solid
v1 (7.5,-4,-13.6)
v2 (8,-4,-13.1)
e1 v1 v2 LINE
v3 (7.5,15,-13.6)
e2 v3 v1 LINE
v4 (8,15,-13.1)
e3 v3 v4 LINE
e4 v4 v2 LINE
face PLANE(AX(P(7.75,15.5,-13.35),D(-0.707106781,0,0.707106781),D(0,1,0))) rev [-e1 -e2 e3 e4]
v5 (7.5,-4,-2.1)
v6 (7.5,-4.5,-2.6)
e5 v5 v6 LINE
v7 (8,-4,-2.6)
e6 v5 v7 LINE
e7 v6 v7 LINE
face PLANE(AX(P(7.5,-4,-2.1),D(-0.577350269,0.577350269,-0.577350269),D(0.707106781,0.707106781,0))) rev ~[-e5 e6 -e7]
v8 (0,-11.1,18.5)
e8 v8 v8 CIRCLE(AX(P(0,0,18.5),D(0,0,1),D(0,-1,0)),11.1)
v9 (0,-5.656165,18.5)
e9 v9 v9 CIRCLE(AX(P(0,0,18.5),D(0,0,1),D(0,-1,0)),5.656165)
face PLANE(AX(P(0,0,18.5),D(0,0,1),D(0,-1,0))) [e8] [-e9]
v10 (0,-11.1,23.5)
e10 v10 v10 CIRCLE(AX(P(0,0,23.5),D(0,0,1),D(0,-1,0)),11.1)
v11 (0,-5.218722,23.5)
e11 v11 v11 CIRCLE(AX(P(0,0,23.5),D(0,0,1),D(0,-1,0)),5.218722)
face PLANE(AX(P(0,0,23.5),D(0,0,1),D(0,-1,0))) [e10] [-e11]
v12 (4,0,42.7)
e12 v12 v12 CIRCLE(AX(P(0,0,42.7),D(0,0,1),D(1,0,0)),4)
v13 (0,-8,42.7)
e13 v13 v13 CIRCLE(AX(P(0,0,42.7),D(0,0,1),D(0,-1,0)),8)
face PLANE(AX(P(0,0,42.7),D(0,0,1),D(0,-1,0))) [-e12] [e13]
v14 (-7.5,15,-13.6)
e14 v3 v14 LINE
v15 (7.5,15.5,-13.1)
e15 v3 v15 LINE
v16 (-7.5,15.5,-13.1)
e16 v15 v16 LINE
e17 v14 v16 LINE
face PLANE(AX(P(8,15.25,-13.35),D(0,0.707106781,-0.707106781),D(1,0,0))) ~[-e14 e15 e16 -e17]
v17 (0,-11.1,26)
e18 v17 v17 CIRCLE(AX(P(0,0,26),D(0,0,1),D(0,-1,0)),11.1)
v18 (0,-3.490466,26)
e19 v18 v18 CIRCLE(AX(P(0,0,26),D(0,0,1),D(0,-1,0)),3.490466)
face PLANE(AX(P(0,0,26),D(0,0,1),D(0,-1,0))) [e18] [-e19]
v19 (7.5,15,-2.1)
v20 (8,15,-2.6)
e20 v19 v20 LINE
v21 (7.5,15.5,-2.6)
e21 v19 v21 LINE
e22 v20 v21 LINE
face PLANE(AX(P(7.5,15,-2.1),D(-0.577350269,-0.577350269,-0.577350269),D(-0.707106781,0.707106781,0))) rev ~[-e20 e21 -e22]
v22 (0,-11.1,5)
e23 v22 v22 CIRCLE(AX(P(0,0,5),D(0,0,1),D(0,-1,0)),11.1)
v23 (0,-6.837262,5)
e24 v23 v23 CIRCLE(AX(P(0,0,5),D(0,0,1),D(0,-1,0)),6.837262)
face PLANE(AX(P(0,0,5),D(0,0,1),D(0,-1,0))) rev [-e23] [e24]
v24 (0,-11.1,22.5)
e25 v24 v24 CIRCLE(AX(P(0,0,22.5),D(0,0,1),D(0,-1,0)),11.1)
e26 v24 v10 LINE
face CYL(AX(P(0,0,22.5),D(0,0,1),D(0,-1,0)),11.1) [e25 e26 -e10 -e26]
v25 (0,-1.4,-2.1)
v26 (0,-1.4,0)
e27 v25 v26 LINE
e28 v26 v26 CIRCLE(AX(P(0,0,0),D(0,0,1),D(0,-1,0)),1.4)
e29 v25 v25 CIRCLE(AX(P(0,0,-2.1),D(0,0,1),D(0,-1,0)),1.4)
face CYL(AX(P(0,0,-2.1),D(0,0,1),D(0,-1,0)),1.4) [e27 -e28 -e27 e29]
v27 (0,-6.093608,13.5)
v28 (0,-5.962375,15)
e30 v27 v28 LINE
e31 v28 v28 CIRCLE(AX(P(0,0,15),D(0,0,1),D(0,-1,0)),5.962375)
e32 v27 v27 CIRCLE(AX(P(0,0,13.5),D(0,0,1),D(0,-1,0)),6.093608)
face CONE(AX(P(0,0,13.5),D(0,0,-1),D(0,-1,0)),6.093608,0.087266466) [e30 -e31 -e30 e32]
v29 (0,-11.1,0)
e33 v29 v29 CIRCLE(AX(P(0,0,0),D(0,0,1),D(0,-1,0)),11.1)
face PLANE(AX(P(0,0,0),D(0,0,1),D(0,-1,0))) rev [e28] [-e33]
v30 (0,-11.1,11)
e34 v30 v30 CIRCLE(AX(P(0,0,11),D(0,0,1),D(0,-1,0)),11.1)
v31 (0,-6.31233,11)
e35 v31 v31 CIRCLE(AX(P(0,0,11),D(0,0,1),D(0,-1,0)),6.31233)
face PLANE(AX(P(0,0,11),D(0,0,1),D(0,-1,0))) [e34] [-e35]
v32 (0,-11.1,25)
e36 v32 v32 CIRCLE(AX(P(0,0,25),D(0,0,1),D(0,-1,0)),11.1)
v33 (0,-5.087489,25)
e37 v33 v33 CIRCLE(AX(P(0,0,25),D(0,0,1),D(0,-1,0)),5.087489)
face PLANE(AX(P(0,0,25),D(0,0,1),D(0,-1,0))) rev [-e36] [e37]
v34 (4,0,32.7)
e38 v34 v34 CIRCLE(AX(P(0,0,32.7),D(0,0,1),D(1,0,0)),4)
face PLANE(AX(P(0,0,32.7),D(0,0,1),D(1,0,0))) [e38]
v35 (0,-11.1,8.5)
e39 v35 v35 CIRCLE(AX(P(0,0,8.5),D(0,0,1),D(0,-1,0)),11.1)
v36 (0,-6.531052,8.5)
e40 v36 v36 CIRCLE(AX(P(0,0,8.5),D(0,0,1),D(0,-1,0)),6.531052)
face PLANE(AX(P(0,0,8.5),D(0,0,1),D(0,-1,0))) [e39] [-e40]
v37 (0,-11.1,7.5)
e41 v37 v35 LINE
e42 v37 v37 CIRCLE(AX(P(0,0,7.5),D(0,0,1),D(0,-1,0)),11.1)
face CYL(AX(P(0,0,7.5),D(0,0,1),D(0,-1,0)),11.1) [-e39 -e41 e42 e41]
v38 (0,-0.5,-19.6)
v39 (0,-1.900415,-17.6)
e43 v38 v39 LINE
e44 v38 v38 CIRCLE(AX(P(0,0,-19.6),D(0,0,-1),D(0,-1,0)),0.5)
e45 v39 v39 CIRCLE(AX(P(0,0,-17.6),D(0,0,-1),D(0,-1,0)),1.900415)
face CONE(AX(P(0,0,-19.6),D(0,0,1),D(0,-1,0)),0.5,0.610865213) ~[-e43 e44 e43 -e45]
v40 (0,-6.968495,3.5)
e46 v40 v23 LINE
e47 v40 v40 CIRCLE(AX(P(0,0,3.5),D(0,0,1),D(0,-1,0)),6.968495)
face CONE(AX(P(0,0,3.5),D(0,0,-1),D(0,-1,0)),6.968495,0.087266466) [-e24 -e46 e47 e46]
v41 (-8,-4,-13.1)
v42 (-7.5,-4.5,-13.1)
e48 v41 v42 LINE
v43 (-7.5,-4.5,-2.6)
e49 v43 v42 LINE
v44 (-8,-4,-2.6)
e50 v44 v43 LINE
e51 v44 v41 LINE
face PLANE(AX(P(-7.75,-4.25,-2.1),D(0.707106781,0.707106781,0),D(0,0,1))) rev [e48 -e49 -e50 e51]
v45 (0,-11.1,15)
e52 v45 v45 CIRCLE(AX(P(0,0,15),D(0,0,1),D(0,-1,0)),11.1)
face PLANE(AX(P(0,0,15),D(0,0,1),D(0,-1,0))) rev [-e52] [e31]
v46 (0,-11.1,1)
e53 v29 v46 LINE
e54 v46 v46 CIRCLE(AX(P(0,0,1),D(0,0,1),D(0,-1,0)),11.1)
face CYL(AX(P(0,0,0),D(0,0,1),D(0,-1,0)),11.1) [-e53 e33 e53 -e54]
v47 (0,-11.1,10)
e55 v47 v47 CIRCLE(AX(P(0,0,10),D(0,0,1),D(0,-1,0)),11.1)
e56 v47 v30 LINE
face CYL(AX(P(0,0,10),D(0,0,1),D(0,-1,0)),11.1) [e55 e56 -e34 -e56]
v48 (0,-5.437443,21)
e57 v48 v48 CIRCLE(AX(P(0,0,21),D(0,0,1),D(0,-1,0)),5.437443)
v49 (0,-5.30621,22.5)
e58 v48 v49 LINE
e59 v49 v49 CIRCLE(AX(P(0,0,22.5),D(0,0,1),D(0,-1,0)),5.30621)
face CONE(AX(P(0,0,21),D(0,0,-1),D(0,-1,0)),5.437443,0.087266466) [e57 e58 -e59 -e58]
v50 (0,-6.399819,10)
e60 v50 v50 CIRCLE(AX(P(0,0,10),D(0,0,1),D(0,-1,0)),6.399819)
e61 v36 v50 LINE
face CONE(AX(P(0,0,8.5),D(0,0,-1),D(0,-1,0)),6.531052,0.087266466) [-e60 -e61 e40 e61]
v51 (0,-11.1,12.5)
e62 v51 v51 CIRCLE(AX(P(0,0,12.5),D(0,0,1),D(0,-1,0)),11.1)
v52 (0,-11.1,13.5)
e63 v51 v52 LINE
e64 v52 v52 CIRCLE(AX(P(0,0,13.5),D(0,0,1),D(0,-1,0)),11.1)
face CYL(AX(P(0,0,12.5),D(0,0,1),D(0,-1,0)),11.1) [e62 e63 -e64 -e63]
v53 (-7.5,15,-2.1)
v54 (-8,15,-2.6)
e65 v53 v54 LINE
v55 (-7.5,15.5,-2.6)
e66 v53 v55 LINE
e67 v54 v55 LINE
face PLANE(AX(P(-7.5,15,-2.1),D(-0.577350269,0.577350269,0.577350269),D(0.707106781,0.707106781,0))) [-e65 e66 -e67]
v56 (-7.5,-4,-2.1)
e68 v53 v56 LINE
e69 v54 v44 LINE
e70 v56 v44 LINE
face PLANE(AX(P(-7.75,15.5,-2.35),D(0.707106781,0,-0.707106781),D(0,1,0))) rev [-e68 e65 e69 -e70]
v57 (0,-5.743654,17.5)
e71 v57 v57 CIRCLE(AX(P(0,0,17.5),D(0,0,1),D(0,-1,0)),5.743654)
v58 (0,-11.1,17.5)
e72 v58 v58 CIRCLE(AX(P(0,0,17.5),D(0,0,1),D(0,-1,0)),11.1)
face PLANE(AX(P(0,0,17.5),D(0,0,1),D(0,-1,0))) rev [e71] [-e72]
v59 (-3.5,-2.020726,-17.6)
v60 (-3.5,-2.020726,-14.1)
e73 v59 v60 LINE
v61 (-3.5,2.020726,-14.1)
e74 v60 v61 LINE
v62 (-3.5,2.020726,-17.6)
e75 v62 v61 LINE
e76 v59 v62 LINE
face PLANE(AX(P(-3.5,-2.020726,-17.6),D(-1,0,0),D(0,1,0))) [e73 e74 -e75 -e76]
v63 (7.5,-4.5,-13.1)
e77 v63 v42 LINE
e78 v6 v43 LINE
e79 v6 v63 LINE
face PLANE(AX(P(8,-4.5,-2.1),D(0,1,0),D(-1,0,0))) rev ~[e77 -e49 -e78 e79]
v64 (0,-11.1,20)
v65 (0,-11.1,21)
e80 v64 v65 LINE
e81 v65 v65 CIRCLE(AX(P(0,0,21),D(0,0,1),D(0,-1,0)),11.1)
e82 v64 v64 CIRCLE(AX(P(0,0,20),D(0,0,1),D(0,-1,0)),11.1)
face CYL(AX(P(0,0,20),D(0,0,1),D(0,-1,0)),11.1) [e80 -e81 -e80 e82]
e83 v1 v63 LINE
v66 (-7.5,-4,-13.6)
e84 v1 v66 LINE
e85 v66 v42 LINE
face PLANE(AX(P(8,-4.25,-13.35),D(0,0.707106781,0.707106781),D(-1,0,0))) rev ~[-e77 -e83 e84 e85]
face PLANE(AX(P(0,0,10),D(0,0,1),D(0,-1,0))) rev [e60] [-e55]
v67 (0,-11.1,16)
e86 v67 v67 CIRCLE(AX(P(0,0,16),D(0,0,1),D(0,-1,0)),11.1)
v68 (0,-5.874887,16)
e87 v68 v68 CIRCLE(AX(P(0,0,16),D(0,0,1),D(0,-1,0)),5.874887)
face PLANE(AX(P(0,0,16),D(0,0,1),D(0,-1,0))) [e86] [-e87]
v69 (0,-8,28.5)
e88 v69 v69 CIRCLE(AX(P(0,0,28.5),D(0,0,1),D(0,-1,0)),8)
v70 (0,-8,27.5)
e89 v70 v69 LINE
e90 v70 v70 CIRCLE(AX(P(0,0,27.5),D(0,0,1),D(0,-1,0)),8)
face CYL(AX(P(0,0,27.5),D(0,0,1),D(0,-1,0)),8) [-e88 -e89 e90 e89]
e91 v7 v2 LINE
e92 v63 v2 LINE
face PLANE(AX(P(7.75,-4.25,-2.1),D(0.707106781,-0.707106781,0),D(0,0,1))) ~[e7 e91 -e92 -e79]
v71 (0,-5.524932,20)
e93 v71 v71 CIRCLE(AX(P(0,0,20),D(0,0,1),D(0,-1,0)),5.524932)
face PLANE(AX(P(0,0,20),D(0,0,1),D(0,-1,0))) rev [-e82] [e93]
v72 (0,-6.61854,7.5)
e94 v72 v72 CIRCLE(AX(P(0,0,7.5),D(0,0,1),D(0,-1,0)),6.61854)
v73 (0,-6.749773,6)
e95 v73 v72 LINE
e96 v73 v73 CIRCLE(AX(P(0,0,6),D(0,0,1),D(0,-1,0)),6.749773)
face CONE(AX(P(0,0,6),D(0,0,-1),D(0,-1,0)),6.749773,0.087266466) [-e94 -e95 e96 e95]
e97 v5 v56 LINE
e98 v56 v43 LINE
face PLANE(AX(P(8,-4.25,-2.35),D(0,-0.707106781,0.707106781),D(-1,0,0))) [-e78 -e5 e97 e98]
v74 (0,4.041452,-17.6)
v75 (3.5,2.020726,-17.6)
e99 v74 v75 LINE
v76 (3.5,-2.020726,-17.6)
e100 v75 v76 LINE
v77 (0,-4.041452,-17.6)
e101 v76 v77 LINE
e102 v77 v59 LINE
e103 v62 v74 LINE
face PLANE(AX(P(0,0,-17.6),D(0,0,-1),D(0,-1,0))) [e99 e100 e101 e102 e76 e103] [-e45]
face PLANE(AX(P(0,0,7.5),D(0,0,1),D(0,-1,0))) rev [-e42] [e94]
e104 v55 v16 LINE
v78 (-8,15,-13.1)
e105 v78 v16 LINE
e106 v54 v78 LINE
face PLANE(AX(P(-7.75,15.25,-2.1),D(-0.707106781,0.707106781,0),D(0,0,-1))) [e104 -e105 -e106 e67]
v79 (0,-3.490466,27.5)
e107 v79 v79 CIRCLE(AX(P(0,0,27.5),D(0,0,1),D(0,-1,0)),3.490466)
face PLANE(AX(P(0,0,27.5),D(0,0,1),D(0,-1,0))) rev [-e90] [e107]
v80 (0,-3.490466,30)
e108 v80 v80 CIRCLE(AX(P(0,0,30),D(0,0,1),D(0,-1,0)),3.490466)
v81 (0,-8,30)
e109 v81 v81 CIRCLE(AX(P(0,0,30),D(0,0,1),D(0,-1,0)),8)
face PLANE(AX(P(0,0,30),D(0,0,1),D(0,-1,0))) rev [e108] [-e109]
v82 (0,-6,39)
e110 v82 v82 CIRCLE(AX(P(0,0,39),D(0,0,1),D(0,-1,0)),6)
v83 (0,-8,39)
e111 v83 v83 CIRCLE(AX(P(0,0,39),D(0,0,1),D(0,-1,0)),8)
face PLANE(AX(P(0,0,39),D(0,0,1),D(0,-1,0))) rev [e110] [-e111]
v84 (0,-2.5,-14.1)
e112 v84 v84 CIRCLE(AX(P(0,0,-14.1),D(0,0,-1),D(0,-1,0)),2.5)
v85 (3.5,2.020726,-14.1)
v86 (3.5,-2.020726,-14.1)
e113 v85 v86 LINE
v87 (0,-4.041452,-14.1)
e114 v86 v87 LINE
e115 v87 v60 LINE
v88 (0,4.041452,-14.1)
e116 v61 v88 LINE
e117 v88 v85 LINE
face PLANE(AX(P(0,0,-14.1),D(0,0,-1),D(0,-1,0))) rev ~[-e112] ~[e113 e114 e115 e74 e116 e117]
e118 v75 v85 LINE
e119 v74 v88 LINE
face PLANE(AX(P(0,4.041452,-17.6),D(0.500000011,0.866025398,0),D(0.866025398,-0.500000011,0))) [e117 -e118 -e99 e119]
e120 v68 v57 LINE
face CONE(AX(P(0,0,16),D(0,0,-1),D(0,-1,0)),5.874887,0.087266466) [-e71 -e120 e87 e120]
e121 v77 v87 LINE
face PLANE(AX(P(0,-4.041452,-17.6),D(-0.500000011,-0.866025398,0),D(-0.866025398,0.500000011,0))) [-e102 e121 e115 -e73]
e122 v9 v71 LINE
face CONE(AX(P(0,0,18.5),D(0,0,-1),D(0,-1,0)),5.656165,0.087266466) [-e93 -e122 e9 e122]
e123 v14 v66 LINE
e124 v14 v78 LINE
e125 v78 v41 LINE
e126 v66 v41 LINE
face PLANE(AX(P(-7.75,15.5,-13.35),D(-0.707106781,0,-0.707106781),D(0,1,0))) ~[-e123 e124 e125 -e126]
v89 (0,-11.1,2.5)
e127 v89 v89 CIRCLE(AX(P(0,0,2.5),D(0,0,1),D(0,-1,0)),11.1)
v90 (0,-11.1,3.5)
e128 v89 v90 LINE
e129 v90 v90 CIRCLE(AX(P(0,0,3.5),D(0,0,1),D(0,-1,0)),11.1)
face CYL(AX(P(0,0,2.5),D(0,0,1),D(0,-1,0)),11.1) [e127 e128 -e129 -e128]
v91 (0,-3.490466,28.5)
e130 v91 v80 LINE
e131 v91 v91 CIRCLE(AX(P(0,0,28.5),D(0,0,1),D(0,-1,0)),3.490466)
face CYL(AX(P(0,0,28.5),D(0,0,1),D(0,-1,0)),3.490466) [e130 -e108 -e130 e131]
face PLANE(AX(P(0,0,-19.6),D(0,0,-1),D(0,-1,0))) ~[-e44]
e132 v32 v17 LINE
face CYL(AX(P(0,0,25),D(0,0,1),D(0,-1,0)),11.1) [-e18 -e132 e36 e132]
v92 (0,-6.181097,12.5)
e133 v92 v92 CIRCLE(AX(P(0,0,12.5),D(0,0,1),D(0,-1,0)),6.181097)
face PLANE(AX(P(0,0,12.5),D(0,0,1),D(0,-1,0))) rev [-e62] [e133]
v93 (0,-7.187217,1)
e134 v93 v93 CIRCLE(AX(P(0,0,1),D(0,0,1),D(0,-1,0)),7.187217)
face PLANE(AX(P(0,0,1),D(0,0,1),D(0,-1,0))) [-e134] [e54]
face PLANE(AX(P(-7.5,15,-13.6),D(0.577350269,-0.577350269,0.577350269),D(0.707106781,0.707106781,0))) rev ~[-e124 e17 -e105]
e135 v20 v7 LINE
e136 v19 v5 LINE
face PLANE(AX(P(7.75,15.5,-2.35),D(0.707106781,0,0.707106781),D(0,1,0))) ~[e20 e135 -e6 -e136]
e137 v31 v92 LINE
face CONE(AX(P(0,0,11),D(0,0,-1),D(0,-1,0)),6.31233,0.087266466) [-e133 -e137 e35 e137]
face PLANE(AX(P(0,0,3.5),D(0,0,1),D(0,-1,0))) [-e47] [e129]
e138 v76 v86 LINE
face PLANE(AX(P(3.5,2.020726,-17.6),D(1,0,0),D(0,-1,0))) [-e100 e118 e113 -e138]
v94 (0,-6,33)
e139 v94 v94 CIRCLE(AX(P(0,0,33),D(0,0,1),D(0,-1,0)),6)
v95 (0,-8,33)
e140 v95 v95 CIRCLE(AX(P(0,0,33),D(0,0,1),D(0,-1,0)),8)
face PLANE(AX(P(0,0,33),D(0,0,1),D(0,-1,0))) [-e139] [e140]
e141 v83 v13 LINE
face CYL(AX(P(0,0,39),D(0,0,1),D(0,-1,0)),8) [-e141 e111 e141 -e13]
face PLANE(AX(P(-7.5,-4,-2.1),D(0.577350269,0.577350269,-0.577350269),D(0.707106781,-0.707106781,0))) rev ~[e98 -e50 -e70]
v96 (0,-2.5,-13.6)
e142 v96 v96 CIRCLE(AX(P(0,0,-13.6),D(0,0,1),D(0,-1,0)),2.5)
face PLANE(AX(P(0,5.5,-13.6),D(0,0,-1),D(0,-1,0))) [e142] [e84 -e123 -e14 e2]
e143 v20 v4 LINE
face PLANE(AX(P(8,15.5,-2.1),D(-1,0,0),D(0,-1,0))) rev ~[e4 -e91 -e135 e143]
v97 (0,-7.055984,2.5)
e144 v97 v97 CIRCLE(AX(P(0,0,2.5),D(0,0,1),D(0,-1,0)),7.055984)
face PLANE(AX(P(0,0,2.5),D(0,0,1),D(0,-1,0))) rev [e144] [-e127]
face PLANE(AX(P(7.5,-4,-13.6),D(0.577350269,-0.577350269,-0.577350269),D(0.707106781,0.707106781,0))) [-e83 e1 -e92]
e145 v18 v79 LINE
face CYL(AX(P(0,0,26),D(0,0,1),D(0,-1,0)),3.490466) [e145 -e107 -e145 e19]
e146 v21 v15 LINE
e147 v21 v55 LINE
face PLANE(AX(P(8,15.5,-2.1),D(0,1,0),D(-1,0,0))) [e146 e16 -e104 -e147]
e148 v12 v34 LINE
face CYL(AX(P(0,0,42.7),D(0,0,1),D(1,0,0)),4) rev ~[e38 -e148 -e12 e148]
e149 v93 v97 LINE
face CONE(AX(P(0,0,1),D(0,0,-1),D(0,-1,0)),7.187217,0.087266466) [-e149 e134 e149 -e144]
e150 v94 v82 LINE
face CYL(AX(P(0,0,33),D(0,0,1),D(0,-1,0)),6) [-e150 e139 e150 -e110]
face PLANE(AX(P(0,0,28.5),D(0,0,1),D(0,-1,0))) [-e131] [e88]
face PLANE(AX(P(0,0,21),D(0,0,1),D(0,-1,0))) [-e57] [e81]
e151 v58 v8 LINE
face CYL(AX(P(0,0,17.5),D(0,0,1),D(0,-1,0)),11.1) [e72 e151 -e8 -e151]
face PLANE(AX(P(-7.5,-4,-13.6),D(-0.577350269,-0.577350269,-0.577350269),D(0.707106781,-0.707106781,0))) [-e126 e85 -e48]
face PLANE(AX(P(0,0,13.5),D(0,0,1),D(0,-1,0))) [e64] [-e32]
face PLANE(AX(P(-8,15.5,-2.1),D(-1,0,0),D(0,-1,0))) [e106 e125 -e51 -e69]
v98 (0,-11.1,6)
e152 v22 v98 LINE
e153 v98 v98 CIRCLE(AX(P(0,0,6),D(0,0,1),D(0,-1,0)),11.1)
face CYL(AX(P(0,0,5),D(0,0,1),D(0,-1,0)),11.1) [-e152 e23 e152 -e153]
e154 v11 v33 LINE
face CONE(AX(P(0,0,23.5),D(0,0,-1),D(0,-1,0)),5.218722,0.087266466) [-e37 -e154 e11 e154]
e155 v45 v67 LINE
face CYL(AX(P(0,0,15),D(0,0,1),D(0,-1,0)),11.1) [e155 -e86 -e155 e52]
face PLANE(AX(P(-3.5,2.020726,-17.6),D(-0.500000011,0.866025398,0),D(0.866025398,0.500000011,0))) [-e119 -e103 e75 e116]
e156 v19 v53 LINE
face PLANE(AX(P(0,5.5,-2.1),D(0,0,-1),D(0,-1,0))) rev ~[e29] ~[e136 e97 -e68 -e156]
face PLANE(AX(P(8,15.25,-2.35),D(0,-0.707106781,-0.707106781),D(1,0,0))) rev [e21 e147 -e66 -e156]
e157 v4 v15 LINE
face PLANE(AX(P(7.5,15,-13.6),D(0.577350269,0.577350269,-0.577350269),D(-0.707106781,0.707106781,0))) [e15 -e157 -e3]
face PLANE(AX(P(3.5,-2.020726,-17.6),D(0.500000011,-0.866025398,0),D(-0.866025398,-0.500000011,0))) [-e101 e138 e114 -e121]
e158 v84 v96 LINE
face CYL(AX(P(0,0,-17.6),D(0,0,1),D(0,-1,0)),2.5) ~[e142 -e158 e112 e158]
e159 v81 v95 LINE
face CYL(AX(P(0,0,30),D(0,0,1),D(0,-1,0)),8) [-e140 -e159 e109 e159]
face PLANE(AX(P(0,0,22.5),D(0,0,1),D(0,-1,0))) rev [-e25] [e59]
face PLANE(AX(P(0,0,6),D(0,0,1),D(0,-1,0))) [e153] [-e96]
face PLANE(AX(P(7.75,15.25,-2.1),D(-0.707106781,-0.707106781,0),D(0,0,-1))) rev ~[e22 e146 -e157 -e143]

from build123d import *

# Parameters (mm, degrees)
F2_W      = 20
F2_H      = 16
F2_R      = 1.4
F3_DEPTH  = 11.5
F4_SIZE   = 0.5
F7_R      = 2.5
F8_DEPTH  = 3.5
F9_ANGLE  = -90
F10_R     = 4
F11_DEPTH = 10


with BuildPart() as f1:
    # F0 (on Front) → F1 (revolve)
    with BuildSketch(Plane.XZ):
        Polygon((8, 42.7), (0, 42.7), (0, 0), (0, -2.1), (1.4, -2.1), (1.4, 0), (11.1, 0), (11.1, 1), (7.187217, 1), (7.055984, 2.5), (11.1, 2.5), (11.1, 3.5), (6.968495, 3.5), (6.837262, 5), (11.1, 5), (11.1, 6), (6.749773, 6), (6.61854, 7.5), (11.1, 7.5), (11.1, 8.5), (6.531052, 8.5), (6.399819, 10), (11.1, 10), (11.1, 11), (6.31233, 11), (6.181097, 12.5), (11.1, 12.5), (11.1, 13.5), (6.093608, 13.5), (5.962375, 15), (11.1, 15), (11.1, 16), (5.874887, 16), (5.743654, 17.5), (11.1, 17.5), (11.1, 18.5), (5.656165, 18.5), (5.524932, 20), (11.1, 20), (11.1, 21), (5.437443, 21), (5.30621, 22.5), (11.1, 22.5), (11.1, 23.5), (5.218722, 23.5), (5.087489, 25), (11.1, 25), (11.1, 26), (3.490466, 26), (3.490466, 27.5), (8, 27.5), (8, 28.5), (3.490466, 28.5), (3.490466, 30), (8, 30), (8, 33), (6, 33), (6, 39), (8, 39), align=None)
    revolve(axis=Axis((0, 0, 21.35), (0, 0, 1)))

    # F2 (on face) → F3 (join)
    with BuildSketch(Plane(origin=(0, 0, -2.1), x_dir=(1, 0, 0), z_dir=(0, 0, -1))):
        with Locations((-5.5, 0)):
            Rectangle(F2_W, F2_H)
        Circle(F2_R, mode=Mode.SUBTRACT)
        Circle(F2_R)
    extrude(amount=F3_DEPTH)

    # F4
    f4_edges = [f1.edges().sort_by_distance(p)[0] for p in [
        (4.5, -8, -7.85),
        (-15.5, -8, -7.85),
        (-5.5, -8, -2.1),
        (-5.5, -8, -13.6),
        (4.5, 8, -7.85),
        (4.5, 0, -2.1),
        (4.5, 0, -13.6),
        (-15.5, 8, -7.85),
        (-5.5, 8, -2.1),
        (-5.5, 8, -13.6),
        (-15.5, 0, -2.1),
        (-15.5, 0, -13.6),
    ]]
    chamfer(f4_edges, length=F4_SIZE)

    # F5 (on Front) → F6 (revolve)
    with BuildSketch(Plane.XZ):
        Polygon((2.5, -7.1), (0, -7.1), (0, -19.6), (0.5, -19.6), (1.900415, -17.6), (2.5, -17.6), (2.5, -14.6), align=None)
    revolve(axis=Axis((0, 0, -13.35), (0, 0, -1)))

    # F7 (on face) → F8 (join)
    with BuildSketch(Plane(origin=(0, 0, -17.6), x_dir=(1, 0, 0), z_dir=(0, 0, -1))):
        Polygon((2.020726, -3.5), (4.041452, 0), (2.020726, 3.5), (-2.020726, 3.5), (-4.041452, 0), (-2.020726, -3.5), align=None)
        Circle(F7_R, mode=Mode.SUBTRACT)
    extrude(amount=-F8_DEPTH)


with BuildPart() as f1_1:
    # F9: moved
    add(f1.part.rotate(Axis((0, 0, 21.35), (0, 0, 1)), F9_ANGLE))

    # F10 (on face) → F11 (cut)
    with BuildSketch(Plane.XY.offset(42.7)):
        Circle(F10_R)
    extrude(amount=-F11_DEPTH, mode=Mode.SUBTRACT)


solid = f1_1.part
